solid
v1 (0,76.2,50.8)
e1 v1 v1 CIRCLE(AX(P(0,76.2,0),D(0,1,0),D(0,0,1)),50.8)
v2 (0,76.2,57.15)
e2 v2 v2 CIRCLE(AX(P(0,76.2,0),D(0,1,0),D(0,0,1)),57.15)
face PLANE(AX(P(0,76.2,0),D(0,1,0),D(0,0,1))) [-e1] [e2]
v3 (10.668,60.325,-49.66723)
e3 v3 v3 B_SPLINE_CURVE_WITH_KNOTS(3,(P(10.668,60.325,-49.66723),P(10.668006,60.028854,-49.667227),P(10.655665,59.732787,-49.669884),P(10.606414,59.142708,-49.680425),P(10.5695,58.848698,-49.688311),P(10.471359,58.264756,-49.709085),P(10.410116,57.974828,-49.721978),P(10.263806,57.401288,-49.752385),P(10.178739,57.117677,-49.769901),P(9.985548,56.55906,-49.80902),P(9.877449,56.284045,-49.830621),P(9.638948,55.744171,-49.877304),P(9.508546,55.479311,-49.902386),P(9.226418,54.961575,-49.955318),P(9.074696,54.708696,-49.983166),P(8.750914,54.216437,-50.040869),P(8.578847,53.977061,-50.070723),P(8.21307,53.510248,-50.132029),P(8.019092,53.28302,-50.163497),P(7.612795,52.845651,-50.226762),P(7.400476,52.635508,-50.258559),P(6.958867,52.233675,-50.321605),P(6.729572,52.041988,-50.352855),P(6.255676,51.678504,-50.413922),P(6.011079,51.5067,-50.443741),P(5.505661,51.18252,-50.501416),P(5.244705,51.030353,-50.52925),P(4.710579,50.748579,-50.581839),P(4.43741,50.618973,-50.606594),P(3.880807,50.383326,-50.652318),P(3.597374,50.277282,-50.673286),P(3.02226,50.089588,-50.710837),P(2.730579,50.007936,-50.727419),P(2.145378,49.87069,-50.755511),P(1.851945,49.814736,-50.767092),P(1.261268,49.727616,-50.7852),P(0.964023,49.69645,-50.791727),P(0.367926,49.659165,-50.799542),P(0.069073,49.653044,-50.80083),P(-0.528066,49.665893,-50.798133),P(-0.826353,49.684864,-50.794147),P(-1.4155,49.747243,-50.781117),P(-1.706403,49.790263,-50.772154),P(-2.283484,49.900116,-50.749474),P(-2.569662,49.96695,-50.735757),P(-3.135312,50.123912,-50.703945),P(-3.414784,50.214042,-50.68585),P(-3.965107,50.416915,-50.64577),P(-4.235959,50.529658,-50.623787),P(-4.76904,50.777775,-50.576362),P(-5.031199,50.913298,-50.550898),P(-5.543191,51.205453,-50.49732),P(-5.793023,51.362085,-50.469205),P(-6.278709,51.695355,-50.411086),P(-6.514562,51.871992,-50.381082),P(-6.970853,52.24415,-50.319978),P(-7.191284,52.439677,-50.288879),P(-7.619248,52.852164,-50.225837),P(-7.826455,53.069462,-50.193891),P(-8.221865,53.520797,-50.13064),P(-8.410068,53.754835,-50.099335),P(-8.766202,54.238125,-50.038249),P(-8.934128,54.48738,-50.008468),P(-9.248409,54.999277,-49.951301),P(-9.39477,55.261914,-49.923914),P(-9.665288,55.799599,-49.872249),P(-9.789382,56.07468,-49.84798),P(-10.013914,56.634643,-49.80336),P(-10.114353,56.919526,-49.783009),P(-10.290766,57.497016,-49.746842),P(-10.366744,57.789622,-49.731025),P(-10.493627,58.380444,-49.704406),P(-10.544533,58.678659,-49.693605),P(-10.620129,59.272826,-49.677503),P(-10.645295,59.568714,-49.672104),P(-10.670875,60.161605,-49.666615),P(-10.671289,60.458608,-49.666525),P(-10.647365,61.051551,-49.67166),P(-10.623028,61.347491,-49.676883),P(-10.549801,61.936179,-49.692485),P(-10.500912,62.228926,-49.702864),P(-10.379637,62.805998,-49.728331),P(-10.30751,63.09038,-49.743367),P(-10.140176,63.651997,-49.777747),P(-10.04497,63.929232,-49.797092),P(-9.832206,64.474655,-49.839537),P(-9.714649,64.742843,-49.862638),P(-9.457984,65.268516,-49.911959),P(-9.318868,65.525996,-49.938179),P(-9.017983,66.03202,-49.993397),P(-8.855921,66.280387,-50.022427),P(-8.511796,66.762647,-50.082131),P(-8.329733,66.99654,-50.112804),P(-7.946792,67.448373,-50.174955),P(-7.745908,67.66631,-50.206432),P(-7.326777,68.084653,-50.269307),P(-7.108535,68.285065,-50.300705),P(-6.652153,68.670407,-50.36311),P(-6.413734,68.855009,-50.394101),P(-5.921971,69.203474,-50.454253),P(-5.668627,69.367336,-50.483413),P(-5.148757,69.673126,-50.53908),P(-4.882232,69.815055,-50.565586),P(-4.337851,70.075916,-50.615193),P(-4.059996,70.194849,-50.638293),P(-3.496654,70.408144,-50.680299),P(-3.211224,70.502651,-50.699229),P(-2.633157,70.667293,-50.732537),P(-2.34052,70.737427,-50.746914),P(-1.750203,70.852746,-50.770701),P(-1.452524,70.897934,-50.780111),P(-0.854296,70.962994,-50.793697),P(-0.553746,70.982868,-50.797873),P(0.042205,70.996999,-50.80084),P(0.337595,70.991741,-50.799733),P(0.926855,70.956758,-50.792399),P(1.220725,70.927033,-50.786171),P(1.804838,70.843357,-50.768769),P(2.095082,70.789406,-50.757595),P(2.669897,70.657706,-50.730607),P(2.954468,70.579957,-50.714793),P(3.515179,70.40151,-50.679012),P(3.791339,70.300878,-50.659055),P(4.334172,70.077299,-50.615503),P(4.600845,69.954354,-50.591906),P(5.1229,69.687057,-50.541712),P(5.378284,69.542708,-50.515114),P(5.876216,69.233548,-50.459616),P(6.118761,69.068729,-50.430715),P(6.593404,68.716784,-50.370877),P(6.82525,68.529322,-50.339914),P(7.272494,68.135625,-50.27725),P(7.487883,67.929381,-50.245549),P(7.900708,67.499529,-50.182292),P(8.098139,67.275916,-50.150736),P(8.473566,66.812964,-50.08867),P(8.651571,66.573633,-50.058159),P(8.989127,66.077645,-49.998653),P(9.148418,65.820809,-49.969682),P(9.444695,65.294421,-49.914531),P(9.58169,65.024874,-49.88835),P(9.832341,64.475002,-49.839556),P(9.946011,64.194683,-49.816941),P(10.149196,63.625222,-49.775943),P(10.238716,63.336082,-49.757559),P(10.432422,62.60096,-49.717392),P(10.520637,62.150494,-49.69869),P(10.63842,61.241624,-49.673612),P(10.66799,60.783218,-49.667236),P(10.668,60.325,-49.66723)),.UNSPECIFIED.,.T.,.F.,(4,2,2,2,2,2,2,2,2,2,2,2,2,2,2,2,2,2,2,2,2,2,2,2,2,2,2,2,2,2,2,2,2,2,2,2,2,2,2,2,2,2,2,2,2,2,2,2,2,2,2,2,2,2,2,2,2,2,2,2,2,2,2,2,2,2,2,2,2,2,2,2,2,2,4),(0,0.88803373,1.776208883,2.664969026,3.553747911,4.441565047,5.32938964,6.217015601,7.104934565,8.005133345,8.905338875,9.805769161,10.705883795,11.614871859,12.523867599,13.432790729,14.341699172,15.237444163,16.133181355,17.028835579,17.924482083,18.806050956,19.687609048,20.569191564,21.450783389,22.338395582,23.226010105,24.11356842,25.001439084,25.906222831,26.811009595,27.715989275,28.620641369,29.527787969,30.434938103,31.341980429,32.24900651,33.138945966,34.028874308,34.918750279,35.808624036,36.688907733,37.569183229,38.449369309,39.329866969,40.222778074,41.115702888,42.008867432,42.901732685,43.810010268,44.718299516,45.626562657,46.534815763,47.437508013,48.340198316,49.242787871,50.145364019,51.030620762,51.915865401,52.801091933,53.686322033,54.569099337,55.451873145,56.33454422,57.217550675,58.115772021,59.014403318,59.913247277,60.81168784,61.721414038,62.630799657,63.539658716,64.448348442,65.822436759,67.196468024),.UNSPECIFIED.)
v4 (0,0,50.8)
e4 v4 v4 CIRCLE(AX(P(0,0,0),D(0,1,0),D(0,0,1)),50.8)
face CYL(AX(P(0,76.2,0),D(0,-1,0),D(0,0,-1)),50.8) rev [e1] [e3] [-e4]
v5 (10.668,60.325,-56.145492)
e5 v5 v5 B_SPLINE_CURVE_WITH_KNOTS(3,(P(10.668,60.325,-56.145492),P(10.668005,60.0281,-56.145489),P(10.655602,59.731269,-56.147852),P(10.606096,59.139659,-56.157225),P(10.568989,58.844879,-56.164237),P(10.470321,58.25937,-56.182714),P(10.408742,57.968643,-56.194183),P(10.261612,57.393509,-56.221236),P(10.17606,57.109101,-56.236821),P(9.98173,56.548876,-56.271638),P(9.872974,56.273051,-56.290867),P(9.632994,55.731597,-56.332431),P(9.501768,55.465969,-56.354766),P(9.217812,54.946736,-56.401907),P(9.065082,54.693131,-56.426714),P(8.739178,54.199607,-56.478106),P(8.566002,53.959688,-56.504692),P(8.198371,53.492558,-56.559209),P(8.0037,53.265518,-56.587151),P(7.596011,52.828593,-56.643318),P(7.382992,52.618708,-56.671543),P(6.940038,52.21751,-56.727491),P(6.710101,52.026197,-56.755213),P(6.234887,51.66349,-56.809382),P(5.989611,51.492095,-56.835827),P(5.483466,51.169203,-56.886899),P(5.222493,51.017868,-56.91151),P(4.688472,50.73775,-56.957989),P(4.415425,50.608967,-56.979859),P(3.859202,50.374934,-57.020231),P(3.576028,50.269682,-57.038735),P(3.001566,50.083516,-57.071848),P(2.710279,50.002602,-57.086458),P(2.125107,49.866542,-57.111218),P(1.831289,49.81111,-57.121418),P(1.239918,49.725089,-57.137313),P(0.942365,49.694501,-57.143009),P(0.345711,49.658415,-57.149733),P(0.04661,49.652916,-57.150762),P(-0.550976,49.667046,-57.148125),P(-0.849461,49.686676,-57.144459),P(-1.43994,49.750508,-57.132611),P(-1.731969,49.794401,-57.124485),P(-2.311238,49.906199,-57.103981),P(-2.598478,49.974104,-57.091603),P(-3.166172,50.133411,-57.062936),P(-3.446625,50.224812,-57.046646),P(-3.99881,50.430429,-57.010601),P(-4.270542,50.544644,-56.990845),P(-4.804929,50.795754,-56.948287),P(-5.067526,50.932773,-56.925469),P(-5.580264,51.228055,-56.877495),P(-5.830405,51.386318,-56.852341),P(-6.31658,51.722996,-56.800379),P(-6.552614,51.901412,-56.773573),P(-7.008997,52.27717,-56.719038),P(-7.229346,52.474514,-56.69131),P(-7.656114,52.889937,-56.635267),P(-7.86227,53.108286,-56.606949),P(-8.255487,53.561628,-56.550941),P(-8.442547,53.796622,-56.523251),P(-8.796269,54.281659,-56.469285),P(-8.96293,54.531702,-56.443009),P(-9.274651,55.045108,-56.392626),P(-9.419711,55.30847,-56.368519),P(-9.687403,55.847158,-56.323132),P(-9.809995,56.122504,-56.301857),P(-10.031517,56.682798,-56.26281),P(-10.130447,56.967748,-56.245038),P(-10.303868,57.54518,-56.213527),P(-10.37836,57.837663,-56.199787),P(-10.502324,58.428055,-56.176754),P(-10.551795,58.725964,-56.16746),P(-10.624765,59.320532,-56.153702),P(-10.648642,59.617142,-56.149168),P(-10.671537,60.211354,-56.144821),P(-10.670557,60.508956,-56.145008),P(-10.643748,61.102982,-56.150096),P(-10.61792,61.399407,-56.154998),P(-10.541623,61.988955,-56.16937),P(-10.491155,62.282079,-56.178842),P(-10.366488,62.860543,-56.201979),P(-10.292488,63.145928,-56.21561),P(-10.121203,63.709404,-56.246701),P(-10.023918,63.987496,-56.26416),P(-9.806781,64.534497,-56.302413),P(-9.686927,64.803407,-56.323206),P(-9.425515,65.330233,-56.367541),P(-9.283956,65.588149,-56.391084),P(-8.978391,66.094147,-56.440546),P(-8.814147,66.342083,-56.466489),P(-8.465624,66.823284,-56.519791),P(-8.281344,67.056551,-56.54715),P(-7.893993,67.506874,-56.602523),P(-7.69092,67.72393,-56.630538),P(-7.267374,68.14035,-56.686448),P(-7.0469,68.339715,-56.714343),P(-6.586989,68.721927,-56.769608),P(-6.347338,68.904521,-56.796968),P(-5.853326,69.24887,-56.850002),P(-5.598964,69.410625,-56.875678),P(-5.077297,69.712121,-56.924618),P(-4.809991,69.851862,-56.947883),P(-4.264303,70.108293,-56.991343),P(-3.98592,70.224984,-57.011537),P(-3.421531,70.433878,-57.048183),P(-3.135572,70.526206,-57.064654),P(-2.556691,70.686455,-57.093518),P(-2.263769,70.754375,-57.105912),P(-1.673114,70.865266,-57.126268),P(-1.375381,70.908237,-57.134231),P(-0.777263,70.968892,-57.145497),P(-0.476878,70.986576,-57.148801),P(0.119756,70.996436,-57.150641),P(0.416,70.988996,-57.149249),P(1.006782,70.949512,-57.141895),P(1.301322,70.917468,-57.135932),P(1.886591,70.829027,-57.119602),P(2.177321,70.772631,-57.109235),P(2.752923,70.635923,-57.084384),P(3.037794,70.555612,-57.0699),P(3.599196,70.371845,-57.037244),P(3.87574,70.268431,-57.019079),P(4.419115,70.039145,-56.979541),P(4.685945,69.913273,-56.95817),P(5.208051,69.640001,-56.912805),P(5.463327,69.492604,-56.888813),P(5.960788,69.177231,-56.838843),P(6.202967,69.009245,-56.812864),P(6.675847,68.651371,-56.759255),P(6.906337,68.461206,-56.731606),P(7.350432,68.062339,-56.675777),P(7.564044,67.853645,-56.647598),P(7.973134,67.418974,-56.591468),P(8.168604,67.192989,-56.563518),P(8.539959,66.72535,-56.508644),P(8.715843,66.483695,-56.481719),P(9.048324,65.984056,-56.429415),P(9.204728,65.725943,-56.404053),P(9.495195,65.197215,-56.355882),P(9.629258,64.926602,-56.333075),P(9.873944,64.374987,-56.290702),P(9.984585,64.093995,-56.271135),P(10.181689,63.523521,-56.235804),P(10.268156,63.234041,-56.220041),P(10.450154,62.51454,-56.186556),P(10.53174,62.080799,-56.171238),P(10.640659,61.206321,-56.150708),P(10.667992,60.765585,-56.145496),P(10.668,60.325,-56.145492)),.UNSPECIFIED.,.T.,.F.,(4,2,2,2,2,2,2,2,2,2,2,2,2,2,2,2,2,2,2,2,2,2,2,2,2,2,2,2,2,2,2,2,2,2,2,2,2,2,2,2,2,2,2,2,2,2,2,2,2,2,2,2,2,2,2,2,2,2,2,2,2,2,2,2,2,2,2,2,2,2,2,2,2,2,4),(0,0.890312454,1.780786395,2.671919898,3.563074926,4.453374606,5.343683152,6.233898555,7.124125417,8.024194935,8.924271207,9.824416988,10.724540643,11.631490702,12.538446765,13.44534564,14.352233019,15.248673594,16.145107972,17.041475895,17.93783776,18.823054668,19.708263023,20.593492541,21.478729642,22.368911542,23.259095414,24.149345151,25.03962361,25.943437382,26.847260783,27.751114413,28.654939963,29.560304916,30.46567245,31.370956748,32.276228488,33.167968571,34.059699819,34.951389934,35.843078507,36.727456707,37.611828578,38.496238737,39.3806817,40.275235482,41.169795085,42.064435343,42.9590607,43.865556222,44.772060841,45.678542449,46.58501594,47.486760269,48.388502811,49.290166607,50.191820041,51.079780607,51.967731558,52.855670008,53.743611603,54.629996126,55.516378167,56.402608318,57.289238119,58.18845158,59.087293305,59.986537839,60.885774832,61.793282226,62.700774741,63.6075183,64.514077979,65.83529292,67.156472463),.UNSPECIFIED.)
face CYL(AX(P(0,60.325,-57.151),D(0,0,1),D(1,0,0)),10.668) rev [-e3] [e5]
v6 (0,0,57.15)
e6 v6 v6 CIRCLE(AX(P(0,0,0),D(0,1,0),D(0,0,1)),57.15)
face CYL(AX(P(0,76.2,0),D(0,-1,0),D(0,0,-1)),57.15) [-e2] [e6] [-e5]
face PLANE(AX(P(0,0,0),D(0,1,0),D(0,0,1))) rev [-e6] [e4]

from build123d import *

# Parameters (mm, degrees)
SKETCH1_R               = 57.15
SKETCH1_R_2             = 50.8
BOSS_EXTRUDE1_DEPTH     = 76.2
CUT_EXTRUDE1_REACH      = 113.08
CUT_EXTRUDE1_END_RADIUS = 57.15
SKETCH2_R               = 10.668


with BuildPart() as part:
    # Sketch1 → Boss-Extrude1 (new body)
    with BuildSketch(Plane(origin=(0, 0, 0), x_dir=(1, 0, 0), z_dir=(0, 1, 0))):
        with Locations(Location((0, 0, 0), (0, 0, 90))):
            Circle(SKETCH1_R)
        with Locations(Location((0, 0, 0), (0, 0, 90))):
            Circle(SKETCH1_R_2, mode=Mode.SUBTRACT)
    extrude(amount=BOSS_EXTRUDE1_DEPTH)

    # Cut-Extrude1: up to this cylinder (the profile starts inside it)
    cut_extrude1_end = Plane(origin=(0, 60.325, 0), z_dir=(0, -1, 0)) * Cylinder(CUT_EXTRUDE1_END_RADIUS, 341.46, mode=Mode.PRIVATE)
    # Sketch2 → Cut-Extrude1 (cut, up to the surface)
    with BuildSketch(Plane.XY, mode=Mode.PRIVATE) as cut_extrude1_sk1:
        with Locations((0, 60.325)):
            Circle(SKETCH2_R)
    cut_extrude1_tool1 = extrude(cut_extrude1_sk1.sketch, amount=-CUT_EXTRUDE1_REACH, mode=Mode.PRIVATE) & cut_extrude1_end
    add(cut_extrude1_tool1.solids().sort_by_distance((0, 60.325, 0))[0], mode=Mode.SUBTRACT)


solid = part.part
